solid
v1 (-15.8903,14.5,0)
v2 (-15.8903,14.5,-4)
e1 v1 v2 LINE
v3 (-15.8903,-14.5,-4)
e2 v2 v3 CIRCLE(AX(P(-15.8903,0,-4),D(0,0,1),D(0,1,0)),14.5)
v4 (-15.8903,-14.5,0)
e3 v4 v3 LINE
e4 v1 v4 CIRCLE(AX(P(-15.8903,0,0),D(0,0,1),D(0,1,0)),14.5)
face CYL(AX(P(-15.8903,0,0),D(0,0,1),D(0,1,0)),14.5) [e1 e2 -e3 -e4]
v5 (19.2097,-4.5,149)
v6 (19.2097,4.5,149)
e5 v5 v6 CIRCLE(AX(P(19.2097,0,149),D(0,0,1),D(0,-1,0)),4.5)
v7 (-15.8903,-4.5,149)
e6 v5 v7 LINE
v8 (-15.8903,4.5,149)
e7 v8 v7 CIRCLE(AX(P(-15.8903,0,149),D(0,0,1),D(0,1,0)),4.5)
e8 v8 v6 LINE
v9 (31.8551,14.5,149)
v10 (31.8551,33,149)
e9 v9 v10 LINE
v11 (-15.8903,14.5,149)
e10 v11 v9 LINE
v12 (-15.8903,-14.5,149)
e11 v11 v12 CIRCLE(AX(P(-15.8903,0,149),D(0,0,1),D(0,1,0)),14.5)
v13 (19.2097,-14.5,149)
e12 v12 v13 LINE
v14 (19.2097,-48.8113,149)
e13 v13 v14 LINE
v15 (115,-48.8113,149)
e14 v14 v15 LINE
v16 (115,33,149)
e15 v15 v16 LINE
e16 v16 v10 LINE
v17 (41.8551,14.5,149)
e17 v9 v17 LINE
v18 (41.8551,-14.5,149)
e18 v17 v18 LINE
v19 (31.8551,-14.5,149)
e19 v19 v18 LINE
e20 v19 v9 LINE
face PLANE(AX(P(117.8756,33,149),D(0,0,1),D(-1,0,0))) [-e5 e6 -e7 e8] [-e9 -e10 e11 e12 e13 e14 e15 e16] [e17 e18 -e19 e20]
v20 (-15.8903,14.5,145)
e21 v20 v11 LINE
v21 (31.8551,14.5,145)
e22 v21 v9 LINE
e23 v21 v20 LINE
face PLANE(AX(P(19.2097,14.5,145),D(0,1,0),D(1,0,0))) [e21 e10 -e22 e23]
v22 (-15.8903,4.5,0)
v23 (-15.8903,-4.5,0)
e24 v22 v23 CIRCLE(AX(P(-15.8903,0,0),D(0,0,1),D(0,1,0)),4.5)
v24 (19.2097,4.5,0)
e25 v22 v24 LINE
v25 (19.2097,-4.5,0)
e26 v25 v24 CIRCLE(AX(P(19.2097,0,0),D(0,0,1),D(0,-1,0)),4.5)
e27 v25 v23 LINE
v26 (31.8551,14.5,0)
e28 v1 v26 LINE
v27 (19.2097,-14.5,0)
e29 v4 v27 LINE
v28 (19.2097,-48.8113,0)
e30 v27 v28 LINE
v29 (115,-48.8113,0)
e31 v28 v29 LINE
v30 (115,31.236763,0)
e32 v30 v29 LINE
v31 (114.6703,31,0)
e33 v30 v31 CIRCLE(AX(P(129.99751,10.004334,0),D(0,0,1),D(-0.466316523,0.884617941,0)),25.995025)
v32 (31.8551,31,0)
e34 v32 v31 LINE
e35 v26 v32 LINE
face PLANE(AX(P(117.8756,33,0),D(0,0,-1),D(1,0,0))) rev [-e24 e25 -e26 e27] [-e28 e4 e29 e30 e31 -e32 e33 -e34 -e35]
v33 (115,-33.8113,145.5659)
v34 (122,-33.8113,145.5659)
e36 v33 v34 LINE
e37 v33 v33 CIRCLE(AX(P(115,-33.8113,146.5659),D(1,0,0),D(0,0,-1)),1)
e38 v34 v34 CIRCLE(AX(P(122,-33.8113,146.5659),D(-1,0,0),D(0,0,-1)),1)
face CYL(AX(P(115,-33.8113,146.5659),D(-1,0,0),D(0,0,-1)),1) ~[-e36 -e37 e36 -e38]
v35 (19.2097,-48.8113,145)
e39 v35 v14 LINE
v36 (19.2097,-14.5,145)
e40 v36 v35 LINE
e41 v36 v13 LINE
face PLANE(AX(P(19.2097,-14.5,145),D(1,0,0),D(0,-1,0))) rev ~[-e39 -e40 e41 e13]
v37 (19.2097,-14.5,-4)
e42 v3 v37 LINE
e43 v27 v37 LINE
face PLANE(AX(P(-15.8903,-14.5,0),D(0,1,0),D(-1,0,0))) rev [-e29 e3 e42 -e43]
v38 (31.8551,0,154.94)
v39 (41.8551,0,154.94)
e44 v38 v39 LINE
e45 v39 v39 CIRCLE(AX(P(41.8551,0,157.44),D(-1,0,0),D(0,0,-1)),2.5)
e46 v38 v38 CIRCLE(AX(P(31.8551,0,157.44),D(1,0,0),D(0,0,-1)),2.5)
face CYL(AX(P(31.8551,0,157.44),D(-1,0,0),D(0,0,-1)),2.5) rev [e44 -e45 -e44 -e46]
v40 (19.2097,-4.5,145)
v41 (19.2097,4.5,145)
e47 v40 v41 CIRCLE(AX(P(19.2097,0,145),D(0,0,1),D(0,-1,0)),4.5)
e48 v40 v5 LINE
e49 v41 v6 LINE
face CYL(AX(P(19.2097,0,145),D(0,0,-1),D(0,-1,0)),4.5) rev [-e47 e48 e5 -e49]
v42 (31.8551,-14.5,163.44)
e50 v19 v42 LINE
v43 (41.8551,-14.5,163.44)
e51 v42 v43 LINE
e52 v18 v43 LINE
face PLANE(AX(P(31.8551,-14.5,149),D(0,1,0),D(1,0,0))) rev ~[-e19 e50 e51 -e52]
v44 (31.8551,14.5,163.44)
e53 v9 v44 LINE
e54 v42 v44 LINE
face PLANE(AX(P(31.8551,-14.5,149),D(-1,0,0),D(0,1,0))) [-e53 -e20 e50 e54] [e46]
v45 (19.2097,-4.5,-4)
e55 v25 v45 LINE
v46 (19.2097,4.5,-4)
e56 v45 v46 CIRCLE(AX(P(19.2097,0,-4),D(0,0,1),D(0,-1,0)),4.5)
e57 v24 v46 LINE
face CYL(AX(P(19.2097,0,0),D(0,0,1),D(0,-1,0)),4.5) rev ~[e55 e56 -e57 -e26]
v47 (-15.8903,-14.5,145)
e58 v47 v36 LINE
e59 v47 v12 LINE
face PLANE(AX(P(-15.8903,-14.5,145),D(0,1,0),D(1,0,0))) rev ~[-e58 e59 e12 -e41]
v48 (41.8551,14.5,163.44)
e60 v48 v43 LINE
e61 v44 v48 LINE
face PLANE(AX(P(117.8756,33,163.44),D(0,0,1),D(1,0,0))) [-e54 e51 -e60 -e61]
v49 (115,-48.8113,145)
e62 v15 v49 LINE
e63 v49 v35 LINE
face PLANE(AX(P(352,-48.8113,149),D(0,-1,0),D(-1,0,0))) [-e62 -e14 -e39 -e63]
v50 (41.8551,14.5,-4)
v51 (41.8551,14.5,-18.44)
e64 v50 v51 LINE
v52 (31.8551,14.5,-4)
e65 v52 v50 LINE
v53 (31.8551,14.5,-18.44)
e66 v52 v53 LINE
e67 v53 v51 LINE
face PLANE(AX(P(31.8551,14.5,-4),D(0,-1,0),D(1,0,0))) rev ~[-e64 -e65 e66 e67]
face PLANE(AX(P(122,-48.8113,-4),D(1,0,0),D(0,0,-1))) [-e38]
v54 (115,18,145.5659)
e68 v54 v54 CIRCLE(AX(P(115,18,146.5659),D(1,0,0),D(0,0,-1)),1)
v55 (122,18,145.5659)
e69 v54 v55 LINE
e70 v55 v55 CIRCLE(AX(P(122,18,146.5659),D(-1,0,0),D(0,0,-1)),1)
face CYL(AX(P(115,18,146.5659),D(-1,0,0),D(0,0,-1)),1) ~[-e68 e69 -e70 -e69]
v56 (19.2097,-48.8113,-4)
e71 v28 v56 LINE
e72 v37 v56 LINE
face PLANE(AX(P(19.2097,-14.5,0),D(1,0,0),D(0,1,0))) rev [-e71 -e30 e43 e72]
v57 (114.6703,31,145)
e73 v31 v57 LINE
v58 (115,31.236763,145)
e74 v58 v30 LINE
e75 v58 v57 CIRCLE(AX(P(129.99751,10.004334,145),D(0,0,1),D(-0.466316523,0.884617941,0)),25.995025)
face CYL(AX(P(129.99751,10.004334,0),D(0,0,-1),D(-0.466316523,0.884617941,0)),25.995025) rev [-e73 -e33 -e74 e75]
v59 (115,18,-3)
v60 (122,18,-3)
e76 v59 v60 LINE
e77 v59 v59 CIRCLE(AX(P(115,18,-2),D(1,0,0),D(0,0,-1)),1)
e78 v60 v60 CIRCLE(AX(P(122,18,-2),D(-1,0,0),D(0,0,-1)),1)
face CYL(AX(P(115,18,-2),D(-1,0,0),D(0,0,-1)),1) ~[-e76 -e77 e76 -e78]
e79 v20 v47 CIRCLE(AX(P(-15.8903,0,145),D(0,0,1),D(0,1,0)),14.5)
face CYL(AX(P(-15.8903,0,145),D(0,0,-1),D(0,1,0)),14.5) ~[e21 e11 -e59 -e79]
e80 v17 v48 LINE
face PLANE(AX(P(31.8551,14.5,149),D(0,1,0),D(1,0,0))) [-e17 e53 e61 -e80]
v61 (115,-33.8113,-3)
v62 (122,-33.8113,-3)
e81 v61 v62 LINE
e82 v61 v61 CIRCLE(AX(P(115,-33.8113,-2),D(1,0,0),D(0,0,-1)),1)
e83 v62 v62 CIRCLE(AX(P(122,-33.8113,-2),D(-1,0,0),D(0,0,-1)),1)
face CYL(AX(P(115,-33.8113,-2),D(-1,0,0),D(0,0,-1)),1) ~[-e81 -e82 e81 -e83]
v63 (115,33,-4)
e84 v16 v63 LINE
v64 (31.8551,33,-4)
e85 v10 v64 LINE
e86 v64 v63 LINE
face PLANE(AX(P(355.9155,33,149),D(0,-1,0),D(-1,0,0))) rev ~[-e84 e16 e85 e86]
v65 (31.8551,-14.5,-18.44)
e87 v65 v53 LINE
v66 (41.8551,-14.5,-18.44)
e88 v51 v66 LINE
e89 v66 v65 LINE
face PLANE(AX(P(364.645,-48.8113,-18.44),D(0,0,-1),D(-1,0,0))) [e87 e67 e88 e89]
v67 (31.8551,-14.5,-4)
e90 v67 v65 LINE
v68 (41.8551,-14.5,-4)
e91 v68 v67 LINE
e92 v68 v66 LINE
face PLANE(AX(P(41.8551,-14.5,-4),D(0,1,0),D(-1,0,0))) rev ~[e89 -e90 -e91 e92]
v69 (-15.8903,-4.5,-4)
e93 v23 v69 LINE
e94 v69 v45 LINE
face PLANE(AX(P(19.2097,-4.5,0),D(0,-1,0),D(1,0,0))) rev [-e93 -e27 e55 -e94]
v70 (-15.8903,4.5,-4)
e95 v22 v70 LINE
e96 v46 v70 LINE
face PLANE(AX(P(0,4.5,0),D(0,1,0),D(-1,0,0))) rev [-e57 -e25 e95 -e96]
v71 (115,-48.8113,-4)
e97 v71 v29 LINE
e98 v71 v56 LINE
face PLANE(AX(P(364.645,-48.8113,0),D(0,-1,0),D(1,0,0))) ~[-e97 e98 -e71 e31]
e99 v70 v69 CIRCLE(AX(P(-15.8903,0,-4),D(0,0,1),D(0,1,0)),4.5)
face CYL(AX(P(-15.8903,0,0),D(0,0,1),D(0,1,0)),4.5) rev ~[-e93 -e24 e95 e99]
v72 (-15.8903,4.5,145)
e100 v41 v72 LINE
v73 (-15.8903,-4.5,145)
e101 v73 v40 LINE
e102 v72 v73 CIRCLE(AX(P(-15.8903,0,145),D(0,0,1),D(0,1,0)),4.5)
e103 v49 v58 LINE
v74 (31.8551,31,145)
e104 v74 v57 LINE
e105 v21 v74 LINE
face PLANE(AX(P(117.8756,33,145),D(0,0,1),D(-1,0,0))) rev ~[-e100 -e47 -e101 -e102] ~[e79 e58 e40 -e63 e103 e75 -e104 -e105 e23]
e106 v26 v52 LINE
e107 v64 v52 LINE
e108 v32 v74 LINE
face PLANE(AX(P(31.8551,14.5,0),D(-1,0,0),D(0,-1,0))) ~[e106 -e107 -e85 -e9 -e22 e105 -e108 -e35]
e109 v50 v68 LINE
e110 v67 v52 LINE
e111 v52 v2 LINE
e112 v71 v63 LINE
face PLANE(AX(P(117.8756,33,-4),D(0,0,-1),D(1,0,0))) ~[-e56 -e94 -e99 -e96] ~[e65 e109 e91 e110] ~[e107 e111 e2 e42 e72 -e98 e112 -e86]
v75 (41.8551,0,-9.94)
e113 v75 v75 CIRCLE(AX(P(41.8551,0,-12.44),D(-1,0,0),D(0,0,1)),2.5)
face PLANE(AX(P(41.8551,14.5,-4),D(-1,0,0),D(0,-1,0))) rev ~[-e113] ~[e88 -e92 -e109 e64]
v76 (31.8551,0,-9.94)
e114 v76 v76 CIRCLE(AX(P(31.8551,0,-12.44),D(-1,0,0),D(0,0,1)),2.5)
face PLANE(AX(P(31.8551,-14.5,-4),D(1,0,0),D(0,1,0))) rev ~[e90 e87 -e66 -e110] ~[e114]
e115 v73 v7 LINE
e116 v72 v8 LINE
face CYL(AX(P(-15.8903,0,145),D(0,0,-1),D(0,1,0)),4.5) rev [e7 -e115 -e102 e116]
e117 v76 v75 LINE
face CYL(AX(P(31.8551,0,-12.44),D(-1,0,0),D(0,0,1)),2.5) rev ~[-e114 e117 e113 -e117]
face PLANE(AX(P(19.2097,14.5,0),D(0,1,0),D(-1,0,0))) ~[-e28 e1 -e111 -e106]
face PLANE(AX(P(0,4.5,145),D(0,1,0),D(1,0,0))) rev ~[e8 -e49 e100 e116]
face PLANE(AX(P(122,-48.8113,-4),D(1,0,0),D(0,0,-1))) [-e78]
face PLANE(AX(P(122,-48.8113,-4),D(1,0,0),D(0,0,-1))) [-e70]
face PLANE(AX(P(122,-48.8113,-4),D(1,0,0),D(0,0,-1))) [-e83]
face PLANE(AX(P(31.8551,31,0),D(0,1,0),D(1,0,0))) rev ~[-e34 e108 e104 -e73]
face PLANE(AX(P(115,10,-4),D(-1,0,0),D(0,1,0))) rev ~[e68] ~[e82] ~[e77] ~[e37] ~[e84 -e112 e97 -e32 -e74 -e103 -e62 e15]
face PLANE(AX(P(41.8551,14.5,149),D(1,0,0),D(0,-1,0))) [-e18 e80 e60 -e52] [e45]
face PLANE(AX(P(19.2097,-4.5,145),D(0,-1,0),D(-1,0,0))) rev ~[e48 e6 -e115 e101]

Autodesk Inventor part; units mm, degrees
sketch "Szkic1" plane through (0, 0, 0) normal (0, 0, 1) x (1, 0, 0)
  arc A0 (0, 35) -> (0, -35) centre (0, 0) ccw construction
  line L0 (0, 35) -> (390, 35) construction
  line L1 (0, -35) -> (390, -35) construction
  arc A1 (390, -35) -> (390, 35) centre (390, 0) ccw construction
  circle A2 centre (0, 0) radius 4.5
  circle A3 centre (390, 0) radius 4.5
  line L2 (130, 35) -> (130, 10) construction
  line L3 (260, 35) -> (260, 10) construction
  circle A4 centre (130, 10) radius 25 construction
  circle A5 centre (260, 10) radius 25 construction
  circle A6 centre (130, 10) radius 4.5
  circle A7 centre (260, 10) radius 4.5
  circle A8 centre (0, 0) radius 35 construction
  circle A9 centre (390, 0) radius 35 construction
  line L4 (117.8756, 33) -> (31.8551, 33)
  line L5 (375.6125, 33) -> (272.1244, 33)
  line L6 (247.8756, 33) -> (142.1244, 33)
  line L7 (31.8551, 31) -> (114.6703, 31)
  line L8 (145.3297, 31) -> (244.6703, 31)
  line L9 (275.3297, 31) -> (371.697, 31)
  arc A10 (375.6125, 33) -> (371.697, 31) centre (390, 0) ccw
  arc A11 (117.8756, 33) -> (114.6703, 31) centre (130, 10) ccw
  arc A12 (145.3297, 31) -> (142.1244, 33) centre (130, 10) ccw
  arc A13 (247.8756, 33) -> (244.6703, 31) centre (260, 10) ccw
  arc A14 (275.3297, 31) -> (272.1244, 33) centre (260, 10) ccw
  line L10 (31.8551, 14.5) -> (31.8551, 35) construction
  line L11 (31.8551, 33) -> (31.8551, 31)
  line L12 (260, 10) -> (260, 0)
  line L13 (130, 10) -> (130, 0)
  point P0 (423.5971, -9.8098)
  dimension "d94" = 50
  dimension "d0" = 70
  dimension "d1" = 390
  dimension "d2" = 390
  dimension "d3" = 70
  dimension "d4" = 9
  dimension "d5" = 9
  dimension "d10" = 25
  dimension "d11" = 25
  dimension "d12" = 9
  dimension "d13" = 9
  dimension "d14" = 130
  dimension "d15" = 260
  dimension "d24" = 2
  dimension "d25" = 2
  dimension "d26" = 2
  dimension "d27" = 1
  dimension "d95" = 2
extrude "Wyciągnięcie proste1" add sketch "Szkic1" along normal blind 145 contours A11 L7 L11 L4 | A10 L9 A14 L5 | A13 L8 A12 L6
ref_plane "Płaszczyzna konstrukcyjna1" through (117.8756, 33, 145) normal (0, 0, 1) x (-1, 0, 0)
sketch "Szkic3" plane through (117.8756, 33, 145) normal (0, 0, 1) x (-1, 0, 0)
  circle A0 centre (117.8756, 33) radius 4.5 projected
  arc A1 (133.7659, 28.5) -> (133.7659, 37.5) centre (133.7659, 33) ccw
  arc A2 (98.6659, 37.5) -> (98.6659, 28.5) centre (98.6659, 33) ccw
  line L0 (133.7659, 28.5) -> (98.6659, 28.5)
  line L1 (98.6659, 37.5) -> (133.7659, 37.5)
  line L2 (98.6659, 18.5) -> (133.7659, 18.5)
  arc A3 (133.7659, 18.5) -> (133.7659, 47.5) centre (133.7659, 33) ccw
  line L3 (133.7659, 47.5) -> (98.6659, 47.5)
  line L4 (86.0205, 18.5) -> (86.0205, -2) construction
  line L5 (98.6659, 18.5) -> (86.0205, 18.5)
  line L6 (98.6659, 47.5) -> (86.0205, 47.5)
  line L7 (86.0205, 0) -> (86.0205, 2) projected
  line L8 (86.0205, 18.5) -> (86.0205, 0)
  line L9 (98.6659, 47.5) -> (98.6659, 81.8113)
  line L10 (98.6659, 81.8113) -> (-234.1244, 81.8113)
  line L11 (-157.4541, 2) -> (-253.8214, 2) projected
  line L12 (86.0205, 0) -> (86.0205, 2)
  line L13 (-257.7369, 0) -> (-154.2487, 0) projected
  line L14 (86.0205, 0) -> (-238.0399, 0)
  circle A4 centre (-272.1244, 33) radius 35 construction
  line L15 (-234.1244, 2) -> (-234.1244, 18.5)
  line L16 (-234.1244, 2) -> (-238.0399, 0)
  line L17 (-246.7694, 47.5) -> (-246.7694, 81.8113)
  line L18 (-246.7694, 81.8113) -> (-234.1244, 81.8113)
  line L19 (-303.9795, 47.5) -> (-409.6259, 47.5) construction
  line L20 (-234.1244, 47.5) -> (-246.7694, 47.5)
  line L21 (-234.1244, 18.5) -> (-281.8694, 18.5)
  line L22 (-246.7694, 47.5) -> (-281.8694, 47.5)
  arc A5 (-281.8694, 47.5) -> (-281.8694, 18.5) centre (-281.8694, 33) ccw
  point P0 (-238.0399, 0)
  dimension "d33" = 9
  dimension "d34" = 9
  dimension "d35" = 10
  dimension "d36" = 47.7454
  dimension "d37" = 12.6455
  dimension "d38" = 12.6455
  dimension "d39" = 12.6455
  dimension "d40" = 0
  dimension "d64" = 47.745
  dimension "d93" = 16.5
extrude "Wyciągnięcie proste2" add sketch "Szkic3" along normal blind 4
ref_plane "Płaszczyzna konstrukcyjna4" through (117.8756, 33, 72.5) normal (0, 0, -1) x (-1, 0, 0)
mirror "Odbij2" about plane through (117.8756, 33, 72.5) normal (0, 0, -1) of "Wyciągnięcie proste2"
extrude "Wyciągnięcie proste4" cut sketch "Szkic1" along normal mid plane 10000 contours A6 | A7
sketch "Szkic8" plane through (0, 0, 145) normal (0, 0, 1) x (1, 0, 0)
  line L0 (352, 31) -> (371.697, 31) projected
  line L1 (352, 31) -> (355.9155, 33) projected
  line L2 (352, 31) -> (355.9155, 33)
  line L3 (375.6125, 33) -> (355.9155, 33) projected
  line L4 (355.9155, 33) -> (375.6125, 33)
  arc A0 (375.6125, 33) -> (371.697, 31) centre (390, 0) ccw projected
  line L5 (375.6125, 33) -> (371.697, 31)
  line L6 (352, 14.5) -> (352, 31) projected
  line L7 (371.697, 31) -> (352, 31)
  point P0 (0, 0)
  point P1 (352, -48.8113)
ref_plane "Płaszczyzna konstrukcyjna6" through (0, 0, 72.5) normal (0, 0, 1) x (1, 0, 0)
extrude "Wyciągnięcie proste5" cut sketch "Szkic8" along normal mid plane 1000 contours L1 L3 A0 L0
ref_plane "Płaszczyzna konstrukcyjna9" through (117.8756, 33, 149) normal (0, 0, 1) x (1, 0, 0)
sketch "Szkic12" plane through (117.8756, 33, 149) normal (0, 0, 1) x (1, 0, 0)
  line L0 (281.8694, -18.5) -> (234.1244, -18.5) projected
  arc A0 (281.8694, -47.5) -> (281.8694, -18.5) centre (281.8694, -33) ccw projected
  line L1 (246.7694, -47.5) -> (281.8694, -47.5) projected
  line L2 (246.7694, -81.8113) -> (246.7694, -47.5) projected
  line L3 (234.1244, -2) -> (234.1244, -81.8113) projected
  line L4 (-98.6659, -81.8113) -> (246.7694, -81.8113) projected
  point P0 (-117.8756, -33)
extrude "Wyciągnięcie proste7" cut sketch "Szkic12" against normal blind 17
extrude "Wyciągnięcie proste8" cut sketch "Szkic1" against normal blind 17 contours A3
ref_plane "Płaszczyzna konstrukcyjna10" through (117.8756, 33, 149) normal (0, 0, 1) x (1, 0, 0)
sketch "Szkic13" plane through (117.8756, 33, 149) normal (0, 0, 1) x (1, 0, 0)
  line L0 (234.1244, -81.8113) -> (234.1244, -2) projected
  line L1 (232.1244, -81.8113) -> (232.1244, -2)
  line L2 (234.1244, -2) -> (238.0399, 0) projected
  line L3 (238.0399, 0) -> (236.0399, 0)
  line L4 (238.0399, 0) -> (-86.0205, 0) projected
  line L5 (236.0399, 0) -> (232.1244, -2)
  line L6 (238.0399, 0) -> (234.1244, -2)
  line L7 (234.1244, -81.8113) -> (232.1244, -81.8113)
  line L8 (-98.6659, -81.8113) -> (246.7694, -81.8113) projected
  point P0 (-117.8756, -33)
  dimension "d70" = 2
  dimension "d71" = 2
extrude "Wyciągnięcie proste9" add sketch "Szkic13" along normal blind 17
ref_plane "Płaszczyzna konstrukcyjna11" through (117.8756, 33, 166) normal (0, 0, 1) x (1, 0, 0)
sketch "Szkic14" plane through (117.8756, 33, 166) normal (0, 0, 1) x (1, 0, 0)
  line L0 (232.1244, -81.8113) -> (234.1244, -81.8113) projected
  line L1 (-98.6659, -81.8113) -> (246.7694, -81.8113) projected
  line L2 (232.1244, -81.8113) -> (246.7694, -81.8113)
  line L3 (246.7694, -81.8113) -> (246.7694, -47.5) projected
  line L4 (246.7694, -81.8113) -> (246.7694, -47.5)
  line L5 (246.7694, -47.5) -> (281.8694, -47.5) projected
  line L6 (246.7694, -47.5) -> (281.8694, -47.5)
  line L7 (281.8694, -18.5) -> (234.1244, -18.5) projected
  line L8 (234.1244, -81.8113) -> (234.1244, -2) projected
  arc A0 (281.8694, -47.5) -> (281.8694, -18.5) centre (281.8694, -33) ccw projected
  circle A1 centre (272.1244, -33) radius 4.5 projected
  line L9 (232.1244, -2) -> (232.1244, -81.8113) projected
  line L10 (236.0399, 0) -> (232.1244, -2) projected
  line L11 (238.0399, 0) -> (236.0399, 0) projected
  line L12 (234.1244, -2) -> (238.0399, 0) projected
  point P0 (-117.8756, -33)
extrude "Wyciągnięcie proste10" add sketch "Szkic14" along normal blind 4
ref_plane "Płaszczyzna konstrukcyjna12" through (364.645, -48.8113, -4) normal (0, 0, -1) x (-1, 0, 0)
sketch "Szkic15" plane through (364.645, -48.8113, -4) normal (0, 0, -1) x (-1, 0, 0)
  line L0 (332.7899, 63.3113) -> (322.7899, 63.3113)
  line L1 (322.7899, 63.3113) -> (322.7899, 34.3113)
  line L2 (322.7899, 34.3113) -> (332.7899, 34.3113)
  line L3 (332.7899, 34.3113) -> (332.7899, 63.3113)
  point P0 (364.645, 48.8113)
  dimension "d78" = 10
extrude "Wyciągnięcie proste11" add sketch "Szkic15" along normal blind 14.44
ref_plane "Płaszczyzna konstrukcyjna13" through (117.8756, 33, 149) normal (0, 0, 1) x (1, 0, 0)
sketch "Szkic16" plane through (117.8756, 33, 149) normal (0, 0, 1) x (1, 0, 0)
  line L0 (-86.0205, -18.5) -> (-133.7659, -18.5) projected
  line L1 (-86.0205, -47.5) -> (-76.0205, -47.5) projected
  line L2 (-86.0205, -18.5) -> (-76.0205, -18.5)
  line L3 (-76.0205, -18.5) -> (-76.0205, -47.5)
  line L4 (-76.0205, -47.5) -> (-86.0205, -47.5)
  line L5 (-86.0205, -47.5) -> (-86.0205, -18.5)
  point P0 (-117.8756, -33)
  point P1 (-86.0205, -47.5)
  dimension "d82" = 10
extrude "Wyciągnięcie proste12" add sketch "Szkic16" along normal blind 14.44
ref_plane "Płaszczyzna konstrukcyjna14" through (31.8551, -14.5, -4) normal (-1, 0, 0) x (0, 0, 1)
sketch "Szkic17" plane through (31.8551, -14.5, -4) normal (-1, 0, 0) x (0, 0, 1)
  line L0 (4, 0) -> (4, 29) projected
  line L1 (4, 19) -> (-14.44, 19)
  line L2 (-14.44, 29) -> (-14.44, 0) projected
  line L3 (4, 10) -> (0, 10) projected
  line L4 (4, 10) -> (-12.44, 10)
  line L5 (4, 18.5) -> (-12.44, 18.5)
  line L6 (-12.44, 18.5) -> (-4.44, 18.5)
  line L7 (-4.44, 18.5) -> (-4.44, 10.5)
  line L8 (-4.44, 10.5) -> (-12.44, 10.5)
  line L9 (-12.44, 10.5) -> (-12.44, 18.5)
  circle A0 centre (-8.44, 14.5) radius 2.5
  point P0 (4, 14.5)
  dimension "d86" = 9
  dimension "d87" = 0.5
  dimension "d88" = 8
  dimension "d89" = 8
  dimension "d90" = 5
extrude "Wyciągnięcie proste13" cut sketch "Szkic17" against normal through all contours A0
mirror "Odbij3" about plane through (117.8756, 33, 72.5) normal (0, 0, -1) of "Wyciągnięcie proste13"
ref_plane "Płaszczyzna konstrukcyjna15" through (364.645, -48.8113, -4) normal (0, 0, -1) x (-1, 0, 0)
sketch "Szkic19" plane through (364.645, -48.8113, -4) normal (0, 0, -1) x (-1, 0, 0)
  circle A0 centre (234.645, 58.8113) radius 4.5 projected
  line L0 (234.645, 58.8113) -> (249.645, 58.8113)
  line L1 (249.645, 93.5676) -> (-84.3243, 93.5676)
  line L2 (-84.3243, 93.5676) -> (-84.3243, -14.4504)
  line L3 (-84.3243, -14.4504) -> (249.645, -14.4504)
  line L4 (249.645, -14.4504) -> (249.645, 93.5676)
  point P0 (364.645, 48.8113)
  dimension "d99" = 15
extrude "Wyciągnięcie proste14" cut sketch "Szkic19" against normal blind 682
ref_plane "Płaszczyzna konstrukcyjna16" through (115, -48.8113, -4) normal (1, 0, 0) x (0, 0, -1)
sketch "Szkic20" plane through (115, -48.8113, -4) normal (1, 0, 0) x (0, 0, -1)
  line L0 (0, 0) -> (-4, 0) projected
  line L1 (-2, 0) -> (-2, 15)
  line L2 (-153, 81.8113) -> (0, 81.8113) projected
  line L3 (-2, 81.8113) -> (-2, 66.8113)
  line L4 (-150.5659, 0) -> (-150.5659, 15)
  line L5 (-150.5659, 81.8113) -> (-150.5659, 66.8113)
  line L6 (-153, 81.8113) -> (-153, 63.3113) projected
  circle A0 centre (-150.5659, 66.8113) radius 1
  circle A1 centre (-150.5659, 15) radius 1
  circle A2 centre (-2, 15) radius 1
  circle A3 centre (-2, 66.8113) radius 1
  point P0 (-4, 48.8113)
  dimension "d103" = 15
  dimension "d104" = 15
  dimension "d105" = 2
  dimension "d106" = 2
  dimension "d107" = 2
  dimension "d108" = 2
extrude "Wyciągnięcie proste15" add sketch "Szkic20" along normal blind 7
ref_plane "Płaszczyzna konstrukcyjna5" through (117.8756, 33, 72.5) normal (0, 0, -1) x (-1, 0, 0)
properties part number "Podstawacz1"
